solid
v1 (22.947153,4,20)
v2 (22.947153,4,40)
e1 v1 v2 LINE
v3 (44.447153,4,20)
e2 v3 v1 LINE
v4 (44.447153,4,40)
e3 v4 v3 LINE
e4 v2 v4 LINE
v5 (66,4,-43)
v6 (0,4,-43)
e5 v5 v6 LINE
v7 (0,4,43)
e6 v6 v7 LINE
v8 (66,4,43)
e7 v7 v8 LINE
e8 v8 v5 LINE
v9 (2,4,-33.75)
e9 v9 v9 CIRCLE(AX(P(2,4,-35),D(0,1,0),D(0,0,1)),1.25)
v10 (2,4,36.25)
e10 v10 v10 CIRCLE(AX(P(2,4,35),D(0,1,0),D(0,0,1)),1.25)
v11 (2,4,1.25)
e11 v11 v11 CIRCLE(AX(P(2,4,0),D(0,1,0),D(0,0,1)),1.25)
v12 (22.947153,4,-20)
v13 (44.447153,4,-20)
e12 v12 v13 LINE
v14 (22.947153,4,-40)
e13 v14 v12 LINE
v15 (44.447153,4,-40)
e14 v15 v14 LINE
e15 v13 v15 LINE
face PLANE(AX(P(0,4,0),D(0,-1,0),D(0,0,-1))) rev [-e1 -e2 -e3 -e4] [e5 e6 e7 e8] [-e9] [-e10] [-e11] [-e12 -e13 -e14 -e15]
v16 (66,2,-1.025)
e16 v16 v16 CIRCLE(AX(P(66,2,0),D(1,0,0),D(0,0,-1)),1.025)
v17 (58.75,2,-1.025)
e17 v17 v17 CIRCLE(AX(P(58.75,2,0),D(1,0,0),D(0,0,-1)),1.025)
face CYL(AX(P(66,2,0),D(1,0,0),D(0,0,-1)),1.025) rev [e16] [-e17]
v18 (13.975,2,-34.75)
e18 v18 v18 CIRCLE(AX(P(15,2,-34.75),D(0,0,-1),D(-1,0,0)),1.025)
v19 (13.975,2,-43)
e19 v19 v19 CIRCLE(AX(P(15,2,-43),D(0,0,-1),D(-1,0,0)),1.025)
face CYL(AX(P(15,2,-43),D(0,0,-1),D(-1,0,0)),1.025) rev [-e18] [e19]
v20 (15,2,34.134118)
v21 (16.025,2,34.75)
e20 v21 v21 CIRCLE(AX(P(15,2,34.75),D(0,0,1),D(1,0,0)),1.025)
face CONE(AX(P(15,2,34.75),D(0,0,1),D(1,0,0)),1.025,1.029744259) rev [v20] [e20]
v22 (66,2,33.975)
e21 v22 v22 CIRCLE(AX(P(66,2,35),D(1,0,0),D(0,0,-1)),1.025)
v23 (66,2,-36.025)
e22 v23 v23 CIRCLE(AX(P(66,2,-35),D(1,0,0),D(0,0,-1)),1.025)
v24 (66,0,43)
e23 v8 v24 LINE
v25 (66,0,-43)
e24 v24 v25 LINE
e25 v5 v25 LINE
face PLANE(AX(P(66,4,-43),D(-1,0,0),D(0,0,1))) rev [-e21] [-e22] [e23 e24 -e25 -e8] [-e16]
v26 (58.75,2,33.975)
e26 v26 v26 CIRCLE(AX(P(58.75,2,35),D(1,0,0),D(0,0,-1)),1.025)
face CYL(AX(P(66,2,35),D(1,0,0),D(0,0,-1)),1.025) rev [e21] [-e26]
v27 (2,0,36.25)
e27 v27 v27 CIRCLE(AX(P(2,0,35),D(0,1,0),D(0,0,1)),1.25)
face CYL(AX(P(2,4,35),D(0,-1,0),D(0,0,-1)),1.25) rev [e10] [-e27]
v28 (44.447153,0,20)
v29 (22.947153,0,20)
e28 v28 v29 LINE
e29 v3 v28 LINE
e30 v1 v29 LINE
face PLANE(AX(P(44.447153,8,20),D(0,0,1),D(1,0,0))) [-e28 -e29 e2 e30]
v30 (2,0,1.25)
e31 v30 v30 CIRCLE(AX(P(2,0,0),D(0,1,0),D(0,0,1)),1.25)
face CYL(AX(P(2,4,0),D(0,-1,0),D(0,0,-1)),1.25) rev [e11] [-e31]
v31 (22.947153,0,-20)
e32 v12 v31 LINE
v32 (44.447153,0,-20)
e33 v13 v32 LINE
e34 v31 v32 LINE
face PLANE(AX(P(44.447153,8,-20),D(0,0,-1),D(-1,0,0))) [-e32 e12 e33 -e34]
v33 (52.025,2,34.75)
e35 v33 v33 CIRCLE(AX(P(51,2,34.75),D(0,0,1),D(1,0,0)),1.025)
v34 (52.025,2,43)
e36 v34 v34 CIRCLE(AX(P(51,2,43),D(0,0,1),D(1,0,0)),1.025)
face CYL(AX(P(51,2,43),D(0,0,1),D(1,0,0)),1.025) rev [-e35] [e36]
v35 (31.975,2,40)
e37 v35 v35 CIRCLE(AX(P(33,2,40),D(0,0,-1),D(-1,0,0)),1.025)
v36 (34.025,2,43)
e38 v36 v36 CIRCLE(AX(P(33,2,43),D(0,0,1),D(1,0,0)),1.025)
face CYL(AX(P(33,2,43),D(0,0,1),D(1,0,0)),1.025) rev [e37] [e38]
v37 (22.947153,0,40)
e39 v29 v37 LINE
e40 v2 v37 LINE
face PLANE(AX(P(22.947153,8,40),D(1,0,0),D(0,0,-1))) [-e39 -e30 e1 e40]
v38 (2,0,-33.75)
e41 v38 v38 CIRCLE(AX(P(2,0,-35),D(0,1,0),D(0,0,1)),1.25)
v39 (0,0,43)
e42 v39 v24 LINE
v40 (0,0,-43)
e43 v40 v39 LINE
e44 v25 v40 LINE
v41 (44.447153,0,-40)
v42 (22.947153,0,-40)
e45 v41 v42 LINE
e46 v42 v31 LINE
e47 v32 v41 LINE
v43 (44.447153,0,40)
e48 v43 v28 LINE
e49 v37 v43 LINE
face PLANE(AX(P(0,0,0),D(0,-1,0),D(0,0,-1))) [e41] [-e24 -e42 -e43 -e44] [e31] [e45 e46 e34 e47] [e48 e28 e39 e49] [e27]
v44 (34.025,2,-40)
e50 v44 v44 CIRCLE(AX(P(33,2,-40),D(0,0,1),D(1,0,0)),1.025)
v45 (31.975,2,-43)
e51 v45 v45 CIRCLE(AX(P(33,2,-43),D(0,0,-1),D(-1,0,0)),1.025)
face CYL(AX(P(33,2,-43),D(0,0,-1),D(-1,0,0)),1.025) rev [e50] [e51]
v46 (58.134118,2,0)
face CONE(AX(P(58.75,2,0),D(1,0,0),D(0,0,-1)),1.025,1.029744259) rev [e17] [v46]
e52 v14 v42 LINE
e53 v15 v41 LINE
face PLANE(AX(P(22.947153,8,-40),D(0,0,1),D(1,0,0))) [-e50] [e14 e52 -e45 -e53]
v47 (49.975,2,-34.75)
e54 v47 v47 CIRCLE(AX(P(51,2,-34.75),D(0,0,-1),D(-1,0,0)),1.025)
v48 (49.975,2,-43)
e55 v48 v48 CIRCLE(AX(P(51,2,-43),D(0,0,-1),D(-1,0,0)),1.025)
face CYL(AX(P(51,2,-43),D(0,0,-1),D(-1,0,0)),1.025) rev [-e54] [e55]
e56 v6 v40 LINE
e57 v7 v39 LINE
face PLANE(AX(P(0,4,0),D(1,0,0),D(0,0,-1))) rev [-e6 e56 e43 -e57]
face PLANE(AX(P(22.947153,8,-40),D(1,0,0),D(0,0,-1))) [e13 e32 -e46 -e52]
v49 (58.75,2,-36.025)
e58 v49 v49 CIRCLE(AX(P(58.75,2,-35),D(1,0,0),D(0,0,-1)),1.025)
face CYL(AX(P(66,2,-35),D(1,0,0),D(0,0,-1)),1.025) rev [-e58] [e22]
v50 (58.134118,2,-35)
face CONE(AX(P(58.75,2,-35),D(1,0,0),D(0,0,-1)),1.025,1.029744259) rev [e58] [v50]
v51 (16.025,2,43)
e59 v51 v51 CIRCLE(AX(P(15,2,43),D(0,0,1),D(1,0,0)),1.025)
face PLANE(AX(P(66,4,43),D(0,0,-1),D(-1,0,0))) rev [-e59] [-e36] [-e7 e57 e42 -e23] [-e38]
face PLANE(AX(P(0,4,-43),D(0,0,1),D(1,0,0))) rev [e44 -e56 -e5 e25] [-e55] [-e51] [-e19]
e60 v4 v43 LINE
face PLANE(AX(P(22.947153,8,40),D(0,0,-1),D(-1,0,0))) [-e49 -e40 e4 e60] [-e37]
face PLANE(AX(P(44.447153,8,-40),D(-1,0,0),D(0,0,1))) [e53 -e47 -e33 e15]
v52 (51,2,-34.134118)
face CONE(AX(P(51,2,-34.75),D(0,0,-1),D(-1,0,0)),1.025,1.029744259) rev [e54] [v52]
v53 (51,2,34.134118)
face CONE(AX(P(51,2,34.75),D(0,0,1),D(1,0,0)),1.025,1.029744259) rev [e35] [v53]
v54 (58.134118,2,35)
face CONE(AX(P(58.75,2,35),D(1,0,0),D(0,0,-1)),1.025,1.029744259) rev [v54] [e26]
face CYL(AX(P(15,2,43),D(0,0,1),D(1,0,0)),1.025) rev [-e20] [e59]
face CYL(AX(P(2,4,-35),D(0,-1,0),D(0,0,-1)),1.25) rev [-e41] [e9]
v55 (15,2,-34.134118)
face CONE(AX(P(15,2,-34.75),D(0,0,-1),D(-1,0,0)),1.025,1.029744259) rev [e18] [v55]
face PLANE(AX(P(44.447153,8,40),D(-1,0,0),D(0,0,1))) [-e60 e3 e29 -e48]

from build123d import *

# Parameters (mm, degrees)
SKETCH_1_R                    = 1.25
EXTRUDE_1_DEPTH               = 4
SKETCH_2_W                    = 21.5
SKETCH_2_H                    = 20
CUT_EXTRUDE_1_DEPTH           = 8
HOLE_WIZARD_M2_5_1_AT_2_COUNT = 2
HOLE_WIZARD_M2_5_1_AT_2_PITCH = 18
HOLE_WIZARD_M2_5_1_AT_3_COUNT = 2
HOLE_WIZARD_M2_5_1_AT_3_PITCH = 36
HOLE_WIZARD_M2_5_2_D          = 2.05
HOLE_WIZARD_M2_5_2_DEPTH      = 7.25
HOLE_WIZARD_M2_5_2_TIP        = 0.615882135


with BuildPart() as part:
    # 草图1 → 凸台-拉伸1 (new body)
    with BuildSketch(Plane(origin=(0, 0, 0), x_dir=(1, 0, 0), z_dir=(0, 1, 0))):
        Polygon((0, 0), (0, 43), (66, 43), (66, -43), (0, -43), align=None)
        with Locations((2, 0)):
            Circle(SKETCH_1_R, mode=Mode.SUBTRACT)
        with Locations((2, 35)):
            Circle(SKETCH_1_R, mode=Mode.SUBTRACT)
        with Locations((2, -35)):
            Circle(SKETCH_1_R, mode=Mode.SUBTRACT)
    extrude(amount=EXTRUDE_1_DEPTH)

    # 草图2 → 切除-拉伸1 (cut)
    with BuildSketch(Plane(origin=(0, 0, 0), x_dir=(1, 0, 0), z_dir=(0, 1, 0))):
        with Locations((33.697153025, -30)):
            Rectangle(SKETCH_2_W, SKETCH_2_H)
        with Locations((33.697153025, 30)):
            Rectangle(SKETCH_2_W, SKETCH_2_H)
    extrude(amount=CUT_EXTRUDE_1_DEPTH, mode=Mode.SUBTRACT)

    # 草图6 → M2.5 螺纹孔1 (revolve, cut)
    with BuildSketch(Plane(origin=(15, 2, 43), x_dir=(0, -1, 0), z_dir=(1, 0, 0))):
        Polygon((0, 0), (0, 8.865882135), (1.025, 8.25), (1.025, 0), align=None)
    hole_wizard_m2_5_1 = revolve(axis=Axis((15, 2, 49.35), (0, 0, -1)), mode=Mode.SUBTRACT)

    # M2.5 螺纹孔1 at 2: M2.5 螺纹孔1 ×2
    with Locations(*[(i * HOLE_WIZARD_M2_5_1_AT_2_PITCH, 0, 0) for i in range(1, HOLE_WIZARD_M2_5_1_AT_2_COUNT)]):
        add(hole_wizard_m2_5_1, mode=Mode.SUBTRACT)

    # M2.5 螺纹孔1 at 3: M2.5 螺纹孔1 ×2
    with Locations(*[(i * HOLE_WIZARD_M2_5_1_AT_3_PITCH, 0, 0) for i in range(1, HOLE_WIZARD_M2_5_1_AT_3_COUNT)]):
        add(hole_wizard_m2_5_1, mode=Mode.SUBTRACT)

    # 镜向1: M2.5 螺纹孔1 across plane
    add(hole_wizard_m2_5_1.mirror(Plane.XY), mode=Mode.SUBTRACT)

    # 镜向1 copy 1 sketch → 镜向1 copy 1 (revolve, cut)
    with BuildSketch(Plane(origin=(33, 2, -43), x_dir=(0, -1, 0), z_dir=(1, 0, 0))):
        Polygon((0, 0), (0, -8.865882135), (1.025, -8.25), (1.025, 0), align=None)
    revolve(axis=Axis((33, 2, -49.35), (0, 0, -1)), mode=Mode.SUBTRACT)

    # 镜向1 copy 2 sketch → 镜向1 copy 2 (revolve, cut)
    with BuildSketch(Plane(origin=(51, 2, -43), x_dir=(0, -1, 0), z_dir=(1, 0, 0))):
        Polygon((0, 0), (0, -8.865882135), (1.025, -8.25), (1.025, 0), align=None)
    revolve(axis=Axis((51, 2, -49.35), (0, 0, -1)), mode=Mode.SUBTRACT)

    # M2.5 螺纹孔2
    with Locations(Plane(origin=(66, 0, 0), x_dir=(0, 0, -1), z_dir=(1, 0, 0))):
        with Locations((0, 2), (-35, 2), (35, 2)):
            Hole(HOLE_WIZARD_M2_5_2_D / 2, depth=HOLE_WIZARD_M2_5_2_DEPTH)
            with Locations((0, 0, -(HOLE_WIZARD_M2_5_2_DEPTH + HOLE_WIZARD_M2_5_2_TIP / 2))):  # 118° drill point
                Cone(0, HOLE_WIZARD_M2_5_2_D / 2, HOLE_WIZARD_M2_5_2_TIP, mode=Mode.SUBTRACT)


solid = part.part
